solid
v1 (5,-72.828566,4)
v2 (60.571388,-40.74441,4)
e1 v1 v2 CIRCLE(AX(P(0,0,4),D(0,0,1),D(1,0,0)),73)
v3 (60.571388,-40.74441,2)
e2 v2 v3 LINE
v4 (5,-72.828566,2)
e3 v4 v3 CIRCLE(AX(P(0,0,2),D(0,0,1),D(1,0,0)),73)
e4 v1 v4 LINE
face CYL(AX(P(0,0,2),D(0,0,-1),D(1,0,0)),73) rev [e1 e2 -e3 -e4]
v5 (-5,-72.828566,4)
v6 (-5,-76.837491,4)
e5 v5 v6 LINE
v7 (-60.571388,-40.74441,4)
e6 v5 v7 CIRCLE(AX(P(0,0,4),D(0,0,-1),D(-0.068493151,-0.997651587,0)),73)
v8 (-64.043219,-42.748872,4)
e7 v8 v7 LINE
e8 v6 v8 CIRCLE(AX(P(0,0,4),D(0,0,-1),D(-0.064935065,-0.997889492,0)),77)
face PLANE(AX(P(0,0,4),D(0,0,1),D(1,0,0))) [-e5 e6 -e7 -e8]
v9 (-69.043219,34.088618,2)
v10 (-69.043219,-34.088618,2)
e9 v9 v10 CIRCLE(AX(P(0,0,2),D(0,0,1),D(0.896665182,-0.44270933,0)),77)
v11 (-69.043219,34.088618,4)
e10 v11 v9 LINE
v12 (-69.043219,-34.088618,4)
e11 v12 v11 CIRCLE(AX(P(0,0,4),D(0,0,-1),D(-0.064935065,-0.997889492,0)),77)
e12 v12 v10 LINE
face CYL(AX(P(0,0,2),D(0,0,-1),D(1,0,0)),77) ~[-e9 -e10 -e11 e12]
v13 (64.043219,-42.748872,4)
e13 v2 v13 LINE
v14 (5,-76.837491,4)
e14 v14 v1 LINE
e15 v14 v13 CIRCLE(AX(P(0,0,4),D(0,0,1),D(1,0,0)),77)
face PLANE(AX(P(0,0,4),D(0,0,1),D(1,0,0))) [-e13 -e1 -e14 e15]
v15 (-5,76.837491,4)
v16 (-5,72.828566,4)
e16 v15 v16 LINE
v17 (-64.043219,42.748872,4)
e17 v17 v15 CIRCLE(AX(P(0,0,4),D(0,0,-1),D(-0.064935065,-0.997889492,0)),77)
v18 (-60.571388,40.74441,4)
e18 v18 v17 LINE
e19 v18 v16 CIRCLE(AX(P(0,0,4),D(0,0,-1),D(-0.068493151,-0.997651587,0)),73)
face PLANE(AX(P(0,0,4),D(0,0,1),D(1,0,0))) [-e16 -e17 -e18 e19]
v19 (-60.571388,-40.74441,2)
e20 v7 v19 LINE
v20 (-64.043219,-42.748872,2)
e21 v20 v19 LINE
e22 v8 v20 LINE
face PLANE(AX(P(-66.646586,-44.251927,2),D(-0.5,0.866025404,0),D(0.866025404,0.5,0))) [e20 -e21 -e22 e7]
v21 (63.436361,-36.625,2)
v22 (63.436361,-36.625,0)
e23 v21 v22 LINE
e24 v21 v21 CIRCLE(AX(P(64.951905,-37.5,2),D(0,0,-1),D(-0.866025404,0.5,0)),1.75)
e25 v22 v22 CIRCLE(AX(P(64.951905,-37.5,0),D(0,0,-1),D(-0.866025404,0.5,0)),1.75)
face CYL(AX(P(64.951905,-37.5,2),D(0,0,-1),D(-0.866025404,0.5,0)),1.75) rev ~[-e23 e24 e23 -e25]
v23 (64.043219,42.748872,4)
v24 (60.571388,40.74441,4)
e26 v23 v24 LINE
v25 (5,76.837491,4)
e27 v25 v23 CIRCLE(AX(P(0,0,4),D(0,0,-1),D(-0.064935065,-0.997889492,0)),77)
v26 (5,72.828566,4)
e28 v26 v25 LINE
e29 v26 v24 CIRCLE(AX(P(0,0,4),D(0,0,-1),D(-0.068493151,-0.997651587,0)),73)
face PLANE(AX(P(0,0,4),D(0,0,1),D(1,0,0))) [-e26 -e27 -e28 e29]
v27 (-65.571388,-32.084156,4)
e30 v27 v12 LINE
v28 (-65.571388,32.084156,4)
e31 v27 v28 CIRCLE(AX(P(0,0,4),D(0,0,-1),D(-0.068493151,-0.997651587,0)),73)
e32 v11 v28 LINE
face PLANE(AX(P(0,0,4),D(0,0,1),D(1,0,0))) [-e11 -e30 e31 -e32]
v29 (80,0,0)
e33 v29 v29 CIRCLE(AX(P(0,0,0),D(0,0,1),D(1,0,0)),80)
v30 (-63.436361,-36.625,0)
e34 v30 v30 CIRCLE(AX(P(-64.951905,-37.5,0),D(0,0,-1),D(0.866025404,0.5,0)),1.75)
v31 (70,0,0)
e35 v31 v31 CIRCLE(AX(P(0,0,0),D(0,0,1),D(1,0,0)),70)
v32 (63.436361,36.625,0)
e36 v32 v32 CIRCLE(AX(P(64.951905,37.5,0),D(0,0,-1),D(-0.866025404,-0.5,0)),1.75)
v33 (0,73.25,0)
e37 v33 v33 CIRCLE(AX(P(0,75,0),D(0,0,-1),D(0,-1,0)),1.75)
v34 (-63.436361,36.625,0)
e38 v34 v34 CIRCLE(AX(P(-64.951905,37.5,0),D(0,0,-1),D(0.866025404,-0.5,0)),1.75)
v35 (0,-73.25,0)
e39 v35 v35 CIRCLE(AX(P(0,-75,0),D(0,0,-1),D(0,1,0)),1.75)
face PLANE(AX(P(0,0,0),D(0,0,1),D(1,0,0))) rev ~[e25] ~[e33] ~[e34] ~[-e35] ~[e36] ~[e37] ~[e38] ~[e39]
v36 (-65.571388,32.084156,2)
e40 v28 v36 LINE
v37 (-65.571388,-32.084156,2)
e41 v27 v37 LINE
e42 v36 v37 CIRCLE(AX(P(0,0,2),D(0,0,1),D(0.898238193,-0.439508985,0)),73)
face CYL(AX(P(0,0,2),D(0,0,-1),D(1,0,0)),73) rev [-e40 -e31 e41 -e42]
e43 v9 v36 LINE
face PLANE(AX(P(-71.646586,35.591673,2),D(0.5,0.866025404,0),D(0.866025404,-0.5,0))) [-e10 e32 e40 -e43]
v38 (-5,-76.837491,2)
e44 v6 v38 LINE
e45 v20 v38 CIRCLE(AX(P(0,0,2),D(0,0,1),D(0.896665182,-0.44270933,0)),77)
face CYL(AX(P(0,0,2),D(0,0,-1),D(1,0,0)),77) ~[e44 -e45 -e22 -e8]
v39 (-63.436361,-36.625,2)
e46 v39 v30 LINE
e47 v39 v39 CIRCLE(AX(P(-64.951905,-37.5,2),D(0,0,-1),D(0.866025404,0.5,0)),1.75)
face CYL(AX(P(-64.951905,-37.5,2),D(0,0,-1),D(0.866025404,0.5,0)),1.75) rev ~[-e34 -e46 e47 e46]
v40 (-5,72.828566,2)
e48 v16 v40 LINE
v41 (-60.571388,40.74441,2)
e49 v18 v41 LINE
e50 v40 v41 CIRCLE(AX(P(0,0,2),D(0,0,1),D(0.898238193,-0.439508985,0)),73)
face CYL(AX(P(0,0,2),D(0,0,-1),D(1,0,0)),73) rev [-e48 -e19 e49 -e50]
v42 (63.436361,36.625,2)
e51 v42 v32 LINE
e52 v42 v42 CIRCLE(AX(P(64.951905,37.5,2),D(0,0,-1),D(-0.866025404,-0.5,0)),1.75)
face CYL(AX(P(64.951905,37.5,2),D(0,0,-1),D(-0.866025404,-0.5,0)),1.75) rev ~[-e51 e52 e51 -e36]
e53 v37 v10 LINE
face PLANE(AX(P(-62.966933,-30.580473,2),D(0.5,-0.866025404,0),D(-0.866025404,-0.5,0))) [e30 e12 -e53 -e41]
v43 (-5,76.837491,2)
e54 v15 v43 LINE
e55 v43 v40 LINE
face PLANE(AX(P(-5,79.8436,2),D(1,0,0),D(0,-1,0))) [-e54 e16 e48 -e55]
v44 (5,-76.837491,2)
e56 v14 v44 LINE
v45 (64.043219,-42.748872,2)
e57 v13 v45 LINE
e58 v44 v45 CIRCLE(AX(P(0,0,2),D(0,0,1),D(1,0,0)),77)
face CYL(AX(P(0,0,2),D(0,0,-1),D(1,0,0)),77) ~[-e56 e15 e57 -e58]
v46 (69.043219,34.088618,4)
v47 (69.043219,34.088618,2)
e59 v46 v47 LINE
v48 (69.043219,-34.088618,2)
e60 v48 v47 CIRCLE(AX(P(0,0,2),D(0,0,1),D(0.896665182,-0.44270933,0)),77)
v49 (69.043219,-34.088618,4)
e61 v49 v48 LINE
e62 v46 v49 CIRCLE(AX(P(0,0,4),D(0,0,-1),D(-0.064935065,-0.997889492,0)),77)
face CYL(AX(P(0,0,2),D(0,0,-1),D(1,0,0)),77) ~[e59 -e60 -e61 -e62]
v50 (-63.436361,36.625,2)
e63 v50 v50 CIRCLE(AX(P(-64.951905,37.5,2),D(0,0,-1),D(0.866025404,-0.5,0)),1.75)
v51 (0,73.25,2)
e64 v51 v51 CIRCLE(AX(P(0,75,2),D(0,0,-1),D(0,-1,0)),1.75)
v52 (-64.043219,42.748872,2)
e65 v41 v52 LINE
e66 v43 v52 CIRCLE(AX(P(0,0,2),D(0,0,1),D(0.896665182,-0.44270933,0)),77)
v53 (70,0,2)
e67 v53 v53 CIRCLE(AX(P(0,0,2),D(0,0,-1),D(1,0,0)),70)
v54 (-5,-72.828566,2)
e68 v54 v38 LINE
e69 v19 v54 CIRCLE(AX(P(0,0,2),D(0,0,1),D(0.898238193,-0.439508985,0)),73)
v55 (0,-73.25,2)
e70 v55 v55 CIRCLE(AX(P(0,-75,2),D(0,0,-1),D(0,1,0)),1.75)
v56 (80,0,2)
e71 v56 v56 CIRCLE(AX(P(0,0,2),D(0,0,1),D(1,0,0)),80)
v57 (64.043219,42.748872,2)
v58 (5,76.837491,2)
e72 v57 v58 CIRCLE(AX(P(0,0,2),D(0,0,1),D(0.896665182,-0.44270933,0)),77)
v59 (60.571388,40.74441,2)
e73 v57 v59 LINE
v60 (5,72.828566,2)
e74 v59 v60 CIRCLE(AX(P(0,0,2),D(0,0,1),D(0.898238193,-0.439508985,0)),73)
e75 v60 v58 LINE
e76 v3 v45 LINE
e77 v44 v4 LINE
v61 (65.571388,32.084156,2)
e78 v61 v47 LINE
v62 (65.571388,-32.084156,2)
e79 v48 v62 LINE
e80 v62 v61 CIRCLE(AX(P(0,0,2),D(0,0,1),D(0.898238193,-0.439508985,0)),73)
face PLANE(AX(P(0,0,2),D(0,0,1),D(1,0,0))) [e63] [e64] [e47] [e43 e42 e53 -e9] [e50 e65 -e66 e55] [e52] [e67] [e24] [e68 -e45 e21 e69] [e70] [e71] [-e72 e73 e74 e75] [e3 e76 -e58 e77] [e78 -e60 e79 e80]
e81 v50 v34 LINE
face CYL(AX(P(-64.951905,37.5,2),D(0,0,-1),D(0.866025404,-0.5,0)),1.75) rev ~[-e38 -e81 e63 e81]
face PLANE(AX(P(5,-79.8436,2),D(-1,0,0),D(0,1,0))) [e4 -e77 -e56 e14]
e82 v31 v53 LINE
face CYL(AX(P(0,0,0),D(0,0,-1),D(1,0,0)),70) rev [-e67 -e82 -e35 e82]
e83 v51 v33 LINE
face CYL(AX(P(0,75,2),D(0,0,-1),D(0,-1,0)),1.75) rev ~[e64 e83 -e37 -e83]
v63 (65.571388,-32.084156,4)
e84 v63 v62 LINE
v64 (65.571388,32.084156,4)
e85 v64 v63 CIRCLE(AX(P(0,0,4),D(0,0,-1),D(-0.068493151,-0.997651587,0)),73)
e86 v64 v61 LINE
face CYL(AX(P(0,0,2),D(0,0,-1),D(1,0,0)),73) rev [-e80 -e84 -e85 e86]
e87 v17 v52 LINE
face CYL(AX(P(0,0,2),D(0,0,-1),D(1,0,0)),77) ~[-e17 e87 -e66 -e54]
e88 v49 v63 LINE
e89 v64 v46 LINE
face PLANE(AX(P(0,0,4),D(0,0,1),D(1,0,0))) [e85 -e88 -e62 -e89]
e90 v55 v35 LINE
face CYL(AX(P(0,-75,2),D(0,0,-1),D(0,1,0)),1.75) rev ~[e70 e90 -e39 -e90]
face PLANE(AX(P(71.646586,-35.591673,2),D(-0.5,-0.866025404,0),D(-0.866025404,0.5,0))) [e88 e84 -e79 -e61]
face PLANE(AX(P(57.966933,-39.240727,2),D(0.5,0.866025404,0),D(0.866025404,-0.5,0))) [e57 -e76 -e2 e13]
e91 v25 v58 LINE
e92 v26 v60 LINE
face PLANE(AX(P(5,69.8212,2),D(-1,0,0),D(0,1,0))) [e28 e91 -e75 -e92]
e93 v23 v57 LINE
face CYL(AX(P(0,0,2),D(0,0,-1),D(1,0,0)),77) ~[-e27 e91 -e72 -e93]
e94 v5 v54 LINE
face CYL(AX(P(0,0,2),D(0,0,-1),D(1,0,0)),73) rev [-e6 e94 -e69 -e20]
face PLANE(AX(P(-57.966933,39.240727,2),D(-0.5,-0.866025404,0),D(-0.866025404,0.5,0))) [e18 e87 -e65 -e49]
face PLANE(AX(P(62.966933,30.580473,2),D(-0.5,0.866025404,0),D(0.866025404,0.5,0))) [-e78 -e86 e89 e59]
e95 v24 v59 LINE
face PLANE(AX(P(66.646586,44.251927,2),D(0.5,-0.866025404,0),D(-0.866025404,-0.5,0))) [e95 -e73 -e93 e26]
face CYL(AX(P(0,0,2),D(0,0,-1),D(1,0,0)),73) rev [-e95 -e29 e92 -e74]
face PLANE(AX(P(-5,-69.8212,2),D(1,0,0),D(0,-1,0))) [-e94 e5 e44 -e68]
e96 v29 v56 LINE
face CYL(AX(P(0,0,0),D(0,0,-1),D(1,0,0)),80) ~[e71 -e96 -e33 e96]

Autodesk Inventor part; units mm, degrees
ref_plane "YZ Plane" through (0, 0, 0) normal (1, 0, 0) x (0, 1, 0)
ref_plane "XZ Plane" through (0, 0, 0) normal (0, 1, 0) x (-1, 0, 0)
ref_plane "XY Plane" through (0, 0, 0) normal (0, 0, 1) x (1, 0, 0)
sketch "スケッチ1" plane through (0, 0, 0) normal (0, 0, 1) x (1, 0, 0)
  circle A0 centre (0, 0) radius 80
  circle A1 centre (0, 0) radius 70
  dimension "d0" = 160
  dimension "d1" = 10
extrude "押し出し1" add sketch "スケッチ1" along normal blind 2
sketch "スケッチ2" plane through (0, 0, 2) normal (0, 0, 1) x (1, 0, 0)
  point P0 (0, 0)
  point P1 (0, 75)
  dimension "d4" = 75
hole "穴1" at (0, 75, 2) direction (0, 0, -1) diameter 3.5 end through all
pattern_circular "円形状パターン1" count 6 over 360 about axis through (0, 0, 0) along (0, 0, 1) of "穴1"
sketch "スケッチ3" plane through (0, 0, 2) normal (0, 0, 1) x (1, 0, 0)
  circle A0 centre (0, 0) radius 77
  circle A1 centre (0, 0) radius 73
  dimension "d15" = 154
  dimension "d16" = 146
extrude "押し出し2" add sketch "スケッチ3" along normal blind 2
sketch "スケッチ4" plane through (0, 0, 2) normal (0, 0, 1) x (1, 0, 0)
  circle A0 centre (0, 0) radius 70 projected
  circle A1 centre (0, 0) radius 80 projected
  line L0 (5, -69.8212) -> (-5, -69.8212)
  line L1 (-5, -69.8212) -> (-5, -79.8436)
  line L2 (-5, -79.8436) -> (5, -79.8436)
  line L3 (5, -79.8436) -> (5, -69.8212)
  dimension "d19" = 10
extrude "押し出し3" cut sketch "スケッチ4" along normal blind 2 contours A0 L3 L2 L1
pattern_circular "円形状パターン2" count 6 over 360 about axis through (0, 0, 0) along (0, 0, 1) of "押し出し3"
equation "\"d4\" = 0.5 * D"
equation "\"D\" = 150"
properties part number "外周ピン抑え"
